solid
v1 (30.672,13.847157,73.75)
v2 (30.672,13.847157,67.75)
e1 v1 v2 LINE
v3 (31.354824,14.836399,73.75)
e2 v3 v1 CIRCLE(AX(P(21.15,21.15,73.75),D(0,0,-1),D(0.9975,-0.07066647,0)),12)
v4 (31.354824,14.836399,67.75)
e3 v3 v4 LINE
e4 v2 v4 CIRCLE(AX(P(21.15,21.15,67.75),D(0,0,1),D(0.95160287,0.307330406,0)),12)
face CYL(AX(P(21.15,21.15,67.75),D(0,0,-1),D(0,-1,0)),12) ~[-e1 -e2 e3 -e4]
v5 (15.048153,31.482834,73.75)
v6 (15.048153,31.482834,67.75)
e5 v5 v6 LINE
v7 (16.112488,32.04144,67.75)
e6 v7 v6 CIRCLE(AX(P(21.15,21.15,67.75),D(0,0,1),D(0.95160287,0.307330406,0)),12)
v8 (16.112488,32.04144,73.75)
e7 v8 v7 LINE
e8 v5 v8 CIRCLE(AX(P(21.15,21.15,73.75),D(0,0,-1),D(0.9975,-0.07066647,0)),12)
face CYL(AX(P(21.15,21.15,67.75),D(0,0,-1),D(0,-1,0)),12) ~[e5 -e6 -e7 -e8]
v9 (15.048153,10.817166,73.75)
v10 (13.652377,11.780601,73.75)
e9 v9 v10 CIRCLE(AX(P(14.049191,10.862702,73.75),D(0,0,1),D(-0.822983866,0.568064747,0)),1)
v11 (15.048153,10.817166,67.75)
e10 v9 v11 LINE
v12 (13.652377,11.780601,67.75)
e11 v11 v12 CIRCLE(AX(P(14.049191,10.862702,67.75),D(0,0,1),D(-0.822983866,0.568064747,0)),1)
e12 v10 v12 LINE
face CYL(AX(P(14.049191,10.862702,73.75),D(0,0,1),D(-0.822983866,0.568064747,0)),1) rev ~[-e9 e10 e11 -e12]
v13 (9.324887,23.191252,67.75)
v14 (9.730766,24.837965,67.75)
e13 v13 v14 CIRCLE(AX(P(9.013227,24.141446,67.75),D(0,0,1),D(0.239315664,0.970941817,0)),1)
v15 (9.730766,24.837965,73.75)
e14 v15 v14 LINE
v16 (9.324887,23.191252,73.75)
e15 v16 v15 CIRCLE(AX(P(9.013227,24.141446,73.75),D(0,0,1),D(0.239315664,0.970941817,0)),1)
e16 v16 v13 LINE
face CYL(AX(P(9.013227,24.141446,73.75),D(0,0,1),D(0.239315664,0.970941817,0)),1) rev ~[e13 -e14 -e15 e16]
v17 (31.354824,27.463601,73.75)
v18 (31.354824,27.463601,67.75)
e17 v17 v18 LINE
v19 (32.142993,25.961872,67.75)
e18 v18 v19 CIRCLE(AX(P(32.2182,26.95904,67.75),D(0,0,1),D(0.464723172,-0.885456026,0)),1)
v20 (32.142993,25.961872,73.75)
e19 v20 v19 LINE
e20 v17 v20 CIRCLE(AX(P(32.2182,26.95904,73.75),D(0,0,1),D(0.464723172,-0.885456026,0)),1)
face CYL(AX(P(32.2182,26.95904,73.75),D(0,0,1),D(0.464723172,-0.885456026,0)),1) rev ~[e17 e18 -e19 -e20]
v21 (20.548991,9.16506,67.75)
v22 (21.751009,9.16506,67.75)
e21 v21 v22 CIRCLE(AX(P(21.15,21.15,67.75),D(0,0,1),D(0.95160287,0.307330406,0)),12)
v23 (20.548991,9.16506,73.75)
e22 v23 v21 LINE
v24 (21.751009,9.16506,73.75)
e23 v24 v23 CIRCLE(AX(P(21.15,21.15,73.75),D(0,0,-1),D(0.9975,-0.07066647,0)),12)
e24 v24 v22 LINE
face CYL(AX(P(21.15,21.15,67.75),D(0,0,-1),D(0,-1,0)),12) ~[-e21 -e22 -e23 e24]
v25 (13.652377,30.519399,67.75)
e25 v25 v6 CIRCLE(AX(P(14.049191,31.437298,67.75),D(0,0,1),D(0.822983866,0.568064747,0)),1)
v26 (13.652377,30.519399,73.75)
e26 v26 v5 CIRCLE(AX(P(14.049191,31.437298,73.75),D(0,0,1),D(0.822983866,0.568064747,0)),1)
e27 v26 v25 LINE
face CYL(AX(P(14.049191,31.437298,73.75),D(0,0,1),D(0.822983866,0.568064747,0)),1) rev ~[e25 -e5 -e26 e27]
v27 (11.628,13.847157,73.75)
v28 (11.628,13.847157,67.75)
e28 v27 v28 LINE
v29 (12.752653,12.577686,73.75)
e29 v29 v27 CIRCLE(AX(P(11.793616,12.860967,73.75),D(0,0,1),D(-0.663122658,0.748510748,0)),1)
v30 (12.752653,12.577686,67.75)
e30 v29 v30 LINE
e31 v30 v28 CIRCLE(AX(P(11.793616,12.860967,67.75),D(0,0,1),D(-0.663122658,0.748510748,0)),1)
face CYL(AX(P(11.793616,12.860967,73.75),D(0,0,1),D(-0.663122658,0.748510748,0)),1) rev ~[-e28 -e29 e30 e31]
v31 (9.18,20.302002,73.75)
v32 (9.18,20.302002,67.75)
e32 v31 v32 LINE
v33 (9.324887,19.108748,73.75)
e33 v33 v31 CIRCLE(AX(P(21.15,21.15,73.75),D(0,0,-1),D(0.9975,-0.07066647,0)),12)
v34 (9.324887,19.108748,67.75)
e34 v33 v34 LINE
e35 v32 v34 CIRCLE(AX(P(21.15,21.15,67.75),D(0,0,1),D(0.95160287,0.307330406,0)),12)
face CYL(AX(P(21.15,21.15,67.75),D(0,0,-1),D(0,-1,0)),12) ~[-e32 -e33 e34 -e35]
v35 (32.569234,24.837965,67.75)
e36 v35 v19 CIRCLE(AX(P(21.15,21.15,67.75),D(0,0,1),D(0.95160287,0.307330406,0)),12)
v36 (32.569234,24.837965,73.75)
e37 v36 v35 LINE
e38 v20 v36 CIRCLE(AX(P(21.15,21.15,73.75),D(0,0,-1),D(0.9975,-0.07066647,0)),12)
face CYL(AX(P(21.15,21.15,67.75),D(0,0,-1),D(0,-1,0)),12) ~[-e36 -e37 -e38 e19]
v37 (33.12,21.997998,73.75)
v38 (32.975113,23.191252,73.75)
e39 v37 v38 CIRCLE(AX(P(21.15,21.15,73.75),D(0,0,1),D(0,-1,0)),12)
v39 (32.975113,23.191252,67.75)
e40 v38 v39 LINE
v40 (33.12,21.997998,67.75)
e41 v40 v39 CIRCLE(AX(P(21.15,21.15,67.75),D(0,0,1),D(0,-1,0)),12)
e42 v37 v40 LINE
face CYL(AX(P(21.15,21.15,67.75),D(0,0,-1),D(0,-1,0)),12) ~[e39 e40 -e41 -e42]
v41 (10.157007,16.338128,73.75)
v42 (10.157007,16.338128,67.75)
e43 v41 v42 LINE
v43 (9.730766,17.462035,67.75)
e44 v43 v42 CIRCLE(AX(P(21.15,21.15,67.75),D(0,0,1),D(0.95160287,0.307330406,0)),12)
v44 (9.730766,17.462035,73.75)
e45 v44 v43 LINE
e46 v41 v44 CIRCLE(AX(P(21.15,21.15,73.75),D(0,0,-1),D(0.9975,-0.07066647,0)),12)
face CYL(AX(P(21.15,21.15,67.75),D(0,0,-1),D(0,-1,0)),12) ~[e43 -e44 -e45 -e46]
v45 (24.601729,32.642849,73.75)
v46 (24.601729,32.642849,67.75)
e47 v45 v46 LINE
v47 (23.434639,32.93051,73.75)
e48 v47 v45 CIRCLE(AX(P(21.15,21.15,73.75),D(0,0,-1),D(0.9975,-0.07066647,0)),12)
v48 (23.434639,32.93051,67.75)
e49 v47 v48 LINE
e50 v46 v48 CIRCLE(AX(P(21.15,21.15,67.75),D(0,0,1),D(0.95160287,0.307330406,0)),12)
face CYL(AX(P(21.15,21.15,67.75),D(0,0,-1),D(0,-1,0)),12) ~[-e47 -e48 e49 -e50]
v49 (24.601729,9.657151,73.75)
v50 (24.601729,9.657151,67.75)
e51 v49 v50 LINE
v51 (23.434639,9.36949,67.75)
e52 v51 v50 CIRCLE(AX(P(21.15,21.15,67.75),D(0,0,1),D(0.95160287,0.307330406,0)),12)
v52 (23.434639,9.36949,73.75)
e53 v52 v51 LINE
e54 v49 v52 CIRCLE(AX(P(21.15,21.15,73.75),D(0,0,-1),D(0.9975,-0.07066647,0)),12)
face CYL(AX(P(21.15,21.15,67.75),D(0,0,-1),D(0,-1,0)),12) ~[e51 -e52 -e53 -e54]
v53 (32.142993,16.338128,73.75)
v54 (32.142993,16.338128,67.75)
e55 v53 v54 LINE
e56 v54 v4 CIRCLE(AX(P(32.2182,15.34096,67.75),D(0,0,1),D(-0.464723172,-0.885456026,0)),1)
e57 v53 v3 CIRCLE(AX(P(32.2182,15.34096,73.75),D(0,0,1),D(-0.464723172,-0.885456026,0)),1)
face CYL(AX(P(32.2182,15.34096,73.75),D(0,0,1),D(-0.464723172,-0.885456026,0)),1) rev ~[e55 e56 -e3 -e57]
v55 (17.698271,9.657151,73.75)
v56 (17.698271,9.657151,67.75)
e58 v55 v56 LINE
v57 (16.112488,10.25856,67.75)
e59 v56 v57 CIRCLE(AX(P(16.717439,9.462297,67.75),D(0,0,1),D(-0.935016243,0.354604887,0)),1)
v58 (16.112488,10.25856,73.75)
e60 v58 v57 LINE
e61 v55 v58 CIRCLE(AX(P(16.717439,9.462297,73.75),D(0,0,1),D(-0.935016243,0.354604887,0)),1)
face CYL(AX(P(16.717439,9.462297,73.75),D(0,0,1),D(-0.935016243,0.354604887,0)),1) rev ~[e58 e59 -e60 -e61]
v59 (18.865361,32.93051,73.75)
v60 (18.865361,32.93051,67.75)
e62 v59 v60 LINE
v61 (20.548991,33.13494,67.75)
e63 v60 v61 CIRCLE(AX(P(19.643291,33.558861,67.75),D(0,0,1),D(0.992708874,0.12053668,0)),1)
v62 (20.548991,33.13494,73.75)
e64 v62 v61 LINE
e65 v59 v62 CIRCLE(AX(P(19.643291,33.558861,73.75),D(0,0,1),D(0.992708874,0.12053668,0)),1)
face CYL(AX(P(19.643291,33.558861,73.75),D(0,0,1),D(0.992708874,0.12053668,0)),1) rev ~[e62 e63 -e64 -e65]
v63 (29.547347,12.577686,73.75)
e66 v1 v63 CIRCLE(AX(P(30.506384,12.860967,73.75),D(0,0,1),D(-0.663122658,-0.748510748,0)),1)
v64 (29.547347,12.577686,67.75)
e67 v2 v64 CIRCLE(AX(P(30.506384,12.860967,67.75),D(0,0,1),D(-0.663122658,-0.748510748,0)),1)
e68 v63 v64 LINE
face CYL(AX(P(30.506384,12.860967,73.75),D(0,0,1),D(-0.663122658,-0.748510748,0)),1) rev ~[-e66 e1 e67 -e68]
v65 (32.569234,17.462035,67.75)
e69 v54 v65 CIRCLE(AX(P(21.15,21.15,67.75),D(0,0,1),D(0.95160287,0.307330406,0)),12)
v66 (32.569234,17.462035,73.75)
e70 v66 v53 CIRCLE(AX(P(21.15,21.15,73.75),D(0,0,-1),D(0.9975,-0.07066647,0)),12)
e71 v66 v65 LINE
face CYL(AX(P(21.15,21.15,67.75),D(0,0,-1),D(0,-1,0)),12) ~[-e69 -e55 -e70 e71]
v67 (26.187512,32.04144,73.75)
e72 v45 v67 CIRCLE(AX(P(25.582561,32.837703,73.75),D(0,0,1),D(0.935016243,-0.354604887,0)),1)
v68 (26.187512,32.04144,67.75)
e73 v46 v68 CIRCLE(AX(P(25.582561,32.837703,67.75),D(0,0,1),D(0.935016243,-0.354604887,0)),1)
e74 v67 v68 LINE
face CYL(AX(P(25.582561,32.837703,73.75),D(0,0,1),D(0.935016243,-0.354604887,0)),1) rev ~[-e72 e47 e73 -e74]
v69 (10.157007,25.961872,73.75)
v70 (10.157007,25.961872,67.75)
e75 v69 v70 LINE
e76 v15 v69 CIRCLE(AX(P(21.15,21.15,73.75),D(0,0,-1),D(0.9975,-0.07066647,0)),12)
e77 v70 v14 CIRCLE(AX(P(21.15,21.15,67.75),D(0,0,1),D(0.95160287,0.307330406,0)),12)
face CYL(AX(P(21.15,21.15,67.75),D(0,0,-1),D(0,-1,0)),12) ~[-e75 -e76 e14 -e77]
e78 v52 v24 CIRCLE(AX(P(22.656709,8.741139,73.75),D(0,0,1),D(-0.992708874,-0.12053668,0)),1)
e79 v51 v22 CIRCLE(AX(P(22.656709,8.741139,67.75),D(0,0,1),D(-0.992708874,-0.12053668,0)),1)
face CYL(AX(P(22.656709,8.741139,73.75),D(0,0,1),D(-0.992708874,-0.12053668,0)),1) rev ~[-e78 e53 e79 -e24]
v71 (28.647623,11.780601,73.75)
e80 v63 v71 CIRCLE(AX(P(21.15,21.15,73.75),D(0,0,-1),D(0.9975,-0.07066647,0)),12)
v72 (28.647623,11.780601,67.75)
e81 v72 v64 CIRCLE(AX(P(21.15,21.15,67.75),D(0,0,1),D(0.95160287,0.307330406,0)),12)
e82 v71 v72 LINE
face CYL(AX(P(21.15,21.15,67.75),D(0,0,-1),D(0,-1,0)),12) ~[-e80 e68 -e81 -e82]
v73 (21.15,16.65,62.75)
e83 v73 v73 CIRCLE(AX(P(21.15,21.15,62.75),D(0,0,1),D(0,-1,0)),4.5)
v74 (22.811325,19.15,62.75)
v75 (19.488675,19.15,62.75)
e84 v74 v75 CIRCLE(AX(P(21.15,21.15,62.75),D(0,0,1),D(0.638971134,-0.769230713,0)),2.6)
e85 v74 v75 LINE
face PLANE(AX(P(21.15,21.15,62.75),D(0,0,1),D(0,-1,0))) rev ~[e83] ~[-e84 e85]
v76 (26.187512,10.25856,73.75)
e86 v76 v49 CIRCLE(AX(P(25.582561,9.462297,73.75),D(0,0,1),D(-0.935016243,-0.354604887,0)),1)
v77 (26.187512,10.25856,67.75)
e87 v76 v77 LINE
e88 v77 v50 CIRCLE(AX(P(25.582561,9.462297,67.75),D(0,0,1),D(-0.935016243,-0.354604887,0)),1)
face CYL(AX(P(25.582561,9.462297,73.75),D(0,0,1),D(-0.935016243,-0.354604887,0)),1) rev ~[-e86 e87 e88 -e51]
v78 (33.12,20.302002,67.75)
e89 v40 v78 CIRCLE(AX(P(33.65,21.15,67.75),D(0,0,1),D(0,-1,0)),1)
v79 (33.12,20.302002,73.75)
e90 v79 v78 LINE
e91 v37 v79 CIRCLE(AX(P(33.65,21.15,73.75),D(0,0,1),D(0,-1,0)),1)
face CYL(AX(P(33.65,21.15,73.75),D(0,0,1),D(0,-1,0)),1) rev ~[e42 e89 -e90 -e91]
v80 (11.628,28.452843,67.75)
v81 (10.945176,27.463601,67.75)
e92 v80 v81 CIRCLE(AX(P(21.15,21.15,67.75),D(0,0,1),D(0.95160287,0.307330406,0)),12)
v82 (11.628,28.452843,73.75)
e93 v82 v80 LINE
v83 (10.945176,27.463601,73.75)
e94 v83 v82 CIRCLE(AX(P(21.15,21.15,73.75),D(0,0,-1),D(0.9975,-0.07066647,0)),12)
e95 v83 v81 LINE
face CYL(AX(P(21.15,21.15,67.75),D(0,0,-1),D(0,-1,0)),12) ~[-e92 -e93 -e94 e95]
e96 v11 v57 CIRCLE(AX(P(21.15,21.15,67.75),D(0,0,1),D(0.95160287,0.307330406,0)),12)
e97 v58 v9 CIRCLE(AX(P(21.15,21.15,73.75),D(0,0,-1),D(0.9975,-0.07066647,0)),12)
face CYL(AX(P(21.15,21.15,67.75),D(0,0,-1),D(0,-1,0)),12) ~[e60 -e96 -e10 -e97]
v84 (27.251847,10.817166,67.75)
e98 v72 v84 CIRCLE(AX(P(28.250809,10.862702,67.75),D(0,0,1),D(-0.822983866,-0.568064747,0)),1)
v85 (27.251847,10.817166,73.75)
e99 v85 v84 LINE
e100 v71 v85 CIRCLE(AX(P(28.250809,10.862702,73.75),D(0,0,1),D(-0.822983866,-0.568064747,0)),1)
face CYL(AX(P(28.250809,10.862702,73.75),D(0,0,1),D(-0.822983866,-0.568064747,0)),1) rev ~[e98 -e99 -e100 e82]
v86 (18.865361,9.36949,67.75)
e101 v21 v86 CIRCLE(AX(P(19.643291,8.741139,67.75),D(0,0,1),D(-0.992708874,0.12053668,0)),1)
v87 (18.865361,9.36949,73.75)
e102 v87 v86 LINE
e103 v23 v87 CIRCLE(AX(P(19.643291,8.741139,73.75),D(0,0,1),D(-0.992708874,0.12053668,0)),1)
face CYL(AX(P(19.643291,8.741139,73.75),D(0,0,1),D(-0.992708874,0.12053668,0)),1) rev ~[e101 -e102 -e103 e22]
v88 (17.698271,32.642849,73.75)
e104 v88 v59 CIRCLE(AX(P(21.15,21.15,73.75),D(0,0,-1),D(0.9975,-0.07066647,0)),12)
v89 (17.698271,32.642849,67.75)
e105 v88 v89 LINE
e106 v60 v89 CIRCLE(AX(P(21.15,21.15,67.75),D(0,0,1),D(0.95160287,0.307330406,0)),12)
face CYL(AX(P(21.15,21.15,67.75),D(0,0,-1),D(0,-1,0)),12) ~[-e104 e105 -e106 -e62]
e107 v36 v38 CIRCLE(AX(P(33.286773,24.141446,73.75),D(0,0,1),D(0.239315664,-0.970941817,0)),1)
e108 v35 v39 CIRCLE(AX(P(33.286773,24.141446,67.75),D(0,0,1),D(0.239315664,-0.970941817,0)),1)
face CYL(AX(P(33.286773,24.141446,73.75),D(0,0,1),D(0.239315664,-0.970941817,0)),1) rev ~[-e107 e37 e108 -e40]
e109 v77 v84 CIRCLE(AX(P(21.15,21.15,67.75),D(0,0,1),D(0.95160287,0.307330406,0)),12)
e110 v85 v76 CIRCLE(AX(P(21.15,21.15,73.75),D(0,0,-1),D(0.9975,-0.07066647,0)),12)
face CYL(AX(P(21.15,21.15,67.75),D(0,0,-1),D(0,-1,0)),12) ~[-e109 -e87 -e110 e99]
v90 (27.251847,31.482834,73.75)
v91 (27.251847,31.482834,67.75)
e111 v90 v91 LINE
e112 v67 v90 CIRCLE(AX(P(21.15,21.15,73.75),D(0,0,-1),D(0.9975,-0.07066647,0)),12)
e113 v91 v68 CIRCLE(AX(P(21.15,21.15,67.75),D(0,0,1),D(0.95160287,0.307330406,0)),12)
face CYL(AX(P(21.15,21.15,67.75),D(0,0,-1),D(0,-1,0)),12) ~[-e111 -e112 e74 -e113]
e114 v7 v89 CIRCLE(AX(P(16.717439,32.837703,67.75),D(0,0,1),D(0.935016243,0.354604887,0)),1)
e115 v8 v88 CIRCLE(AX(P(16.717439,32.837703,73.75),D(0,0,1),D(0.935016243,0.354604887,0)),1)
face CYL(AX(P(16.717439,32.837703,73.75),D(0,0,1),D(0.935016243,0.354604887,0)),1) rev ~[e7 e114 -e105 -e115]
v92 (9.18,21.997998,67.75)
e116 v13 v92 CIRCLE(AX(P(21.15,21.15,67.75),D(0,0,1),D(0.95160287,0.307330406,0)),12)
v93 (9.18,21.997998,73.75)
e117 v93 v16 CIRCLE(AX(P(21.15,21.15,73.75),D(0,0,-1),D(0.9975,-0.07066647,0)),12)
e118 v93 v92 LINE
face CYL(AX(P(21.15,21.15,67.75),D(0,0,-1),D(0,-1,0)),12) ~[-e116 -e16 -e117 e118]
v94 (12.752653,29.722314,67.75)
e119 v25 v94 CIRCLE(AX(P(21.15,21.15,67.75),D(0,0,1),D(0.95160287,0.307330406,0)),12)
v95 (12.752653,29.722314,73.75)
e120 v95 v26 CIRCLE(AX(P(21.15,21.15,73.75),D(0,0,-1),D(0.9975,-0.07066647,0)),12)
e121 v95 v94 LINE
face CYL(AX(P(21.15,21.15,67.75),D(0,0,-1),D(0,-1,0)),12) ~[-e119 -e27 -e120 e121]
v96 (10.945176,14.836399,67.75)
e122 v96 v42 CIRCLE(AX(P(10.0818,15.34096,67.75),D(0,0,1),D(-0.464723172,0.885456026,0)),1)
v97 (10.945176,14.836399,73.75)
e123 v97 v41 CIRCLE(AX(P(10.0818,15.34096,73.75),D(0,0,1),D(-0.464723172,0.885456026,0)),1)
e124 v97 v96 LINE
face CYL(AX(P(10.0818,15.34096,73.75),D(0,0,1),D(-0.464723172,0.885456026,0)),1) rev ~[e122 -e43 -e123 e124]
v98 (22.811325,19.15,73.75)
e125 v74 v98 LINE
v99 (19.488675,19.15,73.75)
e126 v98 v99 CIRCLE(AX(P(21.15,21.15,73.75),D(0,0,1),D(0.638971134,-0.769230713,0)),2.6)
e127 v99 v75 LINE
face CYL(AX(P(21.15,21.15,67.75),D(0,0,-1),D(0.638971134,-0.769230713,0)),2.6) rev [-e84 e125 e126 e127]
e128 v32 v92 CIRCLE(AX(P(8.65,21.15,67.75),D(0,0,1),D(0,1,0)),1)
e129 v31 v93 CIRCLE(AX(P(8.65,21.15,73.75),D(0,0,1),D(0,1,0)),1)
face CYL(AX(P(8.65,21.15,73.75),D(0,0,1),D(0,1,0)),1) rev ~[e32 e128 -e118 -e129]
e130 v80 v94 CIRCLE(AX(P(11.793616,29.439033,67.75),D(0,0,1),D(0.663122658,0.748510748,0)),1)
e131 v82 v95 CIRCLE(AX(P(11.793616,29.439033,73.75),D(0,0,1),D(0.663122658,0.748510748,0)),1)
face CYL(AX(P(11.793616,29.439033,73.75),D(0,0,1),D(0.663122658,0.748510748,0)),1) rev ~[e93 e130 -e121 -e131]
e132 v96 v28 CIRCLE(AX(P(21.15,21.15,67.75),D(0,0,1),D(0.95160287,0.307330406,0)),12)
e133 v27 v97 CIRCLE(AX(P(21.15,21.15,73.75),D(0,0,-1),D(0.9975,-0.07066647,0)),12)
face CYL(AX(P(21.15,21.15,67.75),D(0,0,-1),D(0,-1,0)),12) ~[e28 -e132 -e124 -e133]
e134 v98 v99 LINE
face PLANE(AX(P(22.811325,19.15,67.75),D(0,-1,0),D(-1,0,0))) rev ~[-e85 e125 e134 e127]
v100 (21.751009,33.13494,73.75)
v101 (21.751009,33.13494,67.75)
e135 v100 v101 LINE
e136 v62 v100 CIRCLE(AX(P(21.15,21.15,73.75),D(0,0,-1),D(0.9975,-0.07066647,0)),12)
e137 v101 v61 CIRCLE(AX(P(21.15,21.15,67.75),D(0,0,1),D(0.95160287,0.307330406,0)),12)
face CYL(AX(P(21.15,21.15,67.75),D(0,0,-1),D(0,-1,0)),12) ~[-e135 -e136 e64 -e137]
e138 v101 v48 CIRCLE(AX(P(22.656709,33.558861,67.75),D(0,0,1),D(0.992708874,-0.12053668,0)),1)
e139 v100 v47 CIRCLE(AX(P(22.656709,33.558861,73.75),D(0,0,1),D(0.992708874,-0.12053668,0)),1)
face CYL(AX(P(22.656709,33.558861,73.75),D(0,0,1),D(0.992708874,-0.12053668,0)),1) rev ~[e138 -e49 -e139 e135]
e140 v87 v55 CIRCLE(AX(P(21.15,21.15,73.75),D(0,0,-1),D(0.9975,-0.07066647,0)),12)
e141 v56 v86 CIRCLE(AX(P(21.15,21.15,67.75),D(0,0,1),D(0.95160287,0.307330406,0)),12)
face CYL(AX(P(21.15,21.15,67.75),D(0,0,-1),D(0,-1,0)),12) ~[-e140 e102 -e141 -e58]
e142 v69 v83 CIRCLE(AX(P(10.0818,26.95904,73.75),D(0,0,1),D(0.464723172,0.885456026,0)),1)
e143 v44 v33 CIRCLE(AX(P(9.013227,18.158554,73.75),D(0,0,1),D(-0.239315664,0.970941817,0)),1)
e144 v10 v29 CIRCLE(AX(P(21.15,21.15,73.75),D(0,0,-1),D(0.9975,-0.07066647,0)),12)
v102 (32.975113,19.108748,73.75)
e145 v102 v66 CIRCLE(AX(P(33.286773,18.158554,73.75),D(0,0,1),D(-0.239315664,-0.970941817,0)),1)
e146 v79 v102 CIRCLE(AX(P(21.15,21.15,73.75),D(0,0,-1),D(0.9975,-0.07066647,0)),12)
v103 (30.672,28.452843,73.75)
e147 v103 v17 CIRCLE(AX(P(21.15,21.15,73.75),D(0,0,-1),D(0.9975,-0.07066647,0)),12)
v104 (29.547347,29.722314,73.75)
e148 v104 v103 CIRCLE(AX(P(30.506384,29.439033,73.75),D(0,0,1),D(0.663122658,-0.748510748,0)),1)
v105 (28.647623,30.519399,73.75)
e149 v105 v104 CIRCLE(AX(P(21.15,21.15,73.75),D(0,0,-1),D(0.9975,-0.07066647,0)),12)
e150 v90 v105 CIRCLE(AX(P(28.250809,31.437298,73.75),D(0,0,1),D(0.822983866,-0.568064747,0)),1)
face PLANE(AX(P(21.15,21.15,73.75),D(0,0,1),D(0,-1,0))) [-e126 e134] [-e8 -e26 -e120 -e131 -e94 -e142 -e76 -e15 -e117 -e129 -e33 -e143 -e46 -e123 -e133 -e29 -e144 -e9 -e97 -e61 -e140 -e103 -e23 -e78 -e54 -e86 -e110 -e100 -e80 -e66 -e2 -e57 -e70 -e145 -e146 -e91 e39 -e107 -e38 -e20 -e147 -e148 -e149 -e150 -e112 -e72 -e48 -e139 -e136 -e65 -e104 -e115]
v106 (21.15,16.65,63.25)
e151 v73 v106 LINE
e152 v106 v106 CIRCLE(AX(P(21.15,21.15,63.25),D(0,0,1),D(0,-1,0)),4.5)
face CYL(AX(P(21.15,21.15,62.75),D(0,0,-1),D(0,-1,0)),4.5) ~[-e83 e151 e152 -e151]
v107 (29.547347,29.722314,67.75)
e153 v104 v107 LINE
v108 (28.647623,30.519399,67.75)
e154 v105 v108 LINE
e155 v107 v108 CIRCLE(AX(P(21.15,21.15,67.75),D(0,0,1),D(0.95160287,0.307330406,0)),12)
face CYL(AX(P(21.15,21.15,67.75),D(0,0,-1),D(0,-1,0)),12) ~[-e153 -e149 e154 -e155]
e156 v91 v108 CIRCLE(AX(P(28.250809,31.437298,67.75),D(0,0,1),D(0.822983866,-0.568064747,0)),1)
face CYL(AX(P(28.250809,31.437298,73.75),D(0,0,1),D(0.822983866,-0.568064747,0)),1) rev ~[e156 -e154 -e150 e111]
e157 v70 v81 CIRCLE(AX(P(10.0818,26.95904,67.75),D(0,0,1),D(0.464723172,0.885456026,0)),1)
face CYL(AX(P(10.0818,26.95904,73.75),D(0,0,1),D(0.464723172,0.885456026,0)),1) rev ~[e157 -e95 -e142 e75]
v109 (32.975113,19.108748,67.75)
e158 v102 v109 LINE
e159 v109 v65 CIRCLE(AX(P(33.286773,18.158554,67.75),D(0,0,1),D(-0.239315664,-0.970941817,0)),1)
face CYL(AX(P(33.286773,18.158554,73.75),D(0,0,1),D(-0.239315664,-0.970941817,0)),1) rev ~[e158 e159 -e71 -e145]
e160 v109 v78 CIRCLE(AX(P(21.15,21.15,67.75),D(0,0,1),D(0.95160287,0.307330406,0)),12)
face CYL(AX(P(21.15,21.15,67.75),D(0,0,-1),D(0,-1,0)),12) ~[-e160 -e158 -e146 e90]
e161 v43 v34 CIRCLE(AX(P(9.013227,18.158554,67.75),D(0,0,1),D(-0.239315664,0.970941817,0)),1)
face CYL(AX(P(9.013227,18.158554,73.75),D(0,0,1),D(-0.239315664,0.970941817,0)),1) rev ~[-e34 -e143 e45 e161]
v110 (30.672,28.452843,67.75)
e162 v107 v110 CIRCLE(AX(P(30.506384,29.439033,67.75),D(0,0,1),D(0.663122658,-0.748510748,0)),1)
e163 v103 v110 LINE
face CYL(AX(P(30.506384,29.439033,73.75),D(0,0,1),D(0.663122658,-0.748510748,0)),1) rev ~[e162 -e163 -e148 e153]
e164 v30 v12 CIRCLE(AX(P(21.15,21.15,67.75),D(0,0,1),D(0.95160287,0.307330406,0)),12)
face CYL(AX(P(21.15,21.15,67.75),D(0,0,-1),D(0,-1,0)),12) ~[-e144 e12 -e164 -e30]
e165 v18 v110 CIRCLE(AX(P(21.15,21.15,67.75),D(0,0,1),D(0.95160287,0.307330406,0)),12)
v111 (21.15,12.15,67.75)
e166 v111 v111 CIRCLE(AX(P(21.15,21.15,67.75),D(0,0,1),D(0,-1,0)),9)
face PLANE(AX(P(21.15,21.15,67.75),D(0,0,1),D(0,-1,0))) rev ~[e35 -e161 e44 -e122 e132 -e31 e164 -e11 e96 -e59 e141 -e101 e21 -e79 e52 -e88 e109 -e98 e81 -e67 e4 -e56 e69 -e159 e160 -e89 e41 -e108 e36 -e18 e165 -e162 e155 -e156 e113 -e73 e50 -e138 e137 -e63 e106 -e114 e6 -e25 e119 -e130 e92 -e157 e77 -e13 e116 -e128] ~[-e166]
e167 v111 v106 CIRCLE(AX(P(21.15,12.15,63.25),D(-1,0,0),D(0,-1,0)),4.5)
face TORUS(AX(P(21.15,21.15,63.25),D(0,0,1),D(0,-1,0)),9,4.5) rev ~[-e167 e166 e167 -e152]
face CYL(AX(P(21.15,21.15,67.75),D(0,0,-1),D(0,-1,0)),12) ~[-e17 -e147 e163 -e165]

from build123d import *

# Parameters (mm, degrees)
SKETCH019_R        = 4.5
PAD010_DEPTH       = 5
SKETCH020_R        = 12
PAD011_DEPTH       = 6
SKETCH021_R        = 1
POCKET006_DEPTH    = 6
POLARPATTERN_COUNT = 26
FILLET_R           = 4.5


with BuildPart() as part:
    # Sketch019 → Pad010 (new body)
    with BuildSketch(Plane(origin=(21.15, 21.15, 62.75), x_dir=(0, -1, 0), z_dir=(0, 0, 1))):
        Circle(SKETCH019_R)
        with BuildLine():
            ThreePointArc((2, 1.661325), (-2.6, 0), (2, -1.661325))
            Line((2, 1.661325), (2, -1.661325))
        make_face(mode=Mode.SUBTRACT)
    extrude(amount=PAD010_DEPTH)

    # Sketch020 → Pad011 (new body)
    with BuildSketch(Plane(origin=(21.15, 21.15, 67.75), x_dir=(0, -1, 0), z_dir=(0, 0, 1))):
        Circle(SKETCH020_R)
        with BuildLine():
            ThreePointArc((2, 1.661325), (-2.6, 0), (2, -1.661325))
            Line((2, 1.661325), (2, -1.661325))
        make_face(mode=Mode.SUBTRACT)
    extrude(amount=PAD011_DEPTH)

    # Sketch021 → Pocket006 (cut)
    with BuildSketch(Plane(origin=(21.15, 21.15, 73.75), x_dir=(0, -1, 0), z_dir=(0, 0, 1))):
        with Locations((0, 12.5)):
            Circle(SKETCH021_R)
    pocket006 = extrude(amount=-POCKET006_DEPTH, mode=Mode.SUBTRACT)

    # PolarPattern: Pocket006 ×26 about axis
    polarpattern_axis = Axis((21.15, 21.15, 73.75), (0, 0, 1))
    for i in range(1, POLARPATTERN_COUNT):
        add(pocket006.rotate(polarpattern_axis, i * 360 / POLARPATTERN_COUNT), mode=Mode.SUBTRACT)

    # Fillet
    fillet_edges = [part.edges().sort_by_distance(p)[0] for p in [
        (21.15, 25.65, 67.75),
    ]]
    fillet(fillet_edges, radius=FILLET_R)


solid = part.part
